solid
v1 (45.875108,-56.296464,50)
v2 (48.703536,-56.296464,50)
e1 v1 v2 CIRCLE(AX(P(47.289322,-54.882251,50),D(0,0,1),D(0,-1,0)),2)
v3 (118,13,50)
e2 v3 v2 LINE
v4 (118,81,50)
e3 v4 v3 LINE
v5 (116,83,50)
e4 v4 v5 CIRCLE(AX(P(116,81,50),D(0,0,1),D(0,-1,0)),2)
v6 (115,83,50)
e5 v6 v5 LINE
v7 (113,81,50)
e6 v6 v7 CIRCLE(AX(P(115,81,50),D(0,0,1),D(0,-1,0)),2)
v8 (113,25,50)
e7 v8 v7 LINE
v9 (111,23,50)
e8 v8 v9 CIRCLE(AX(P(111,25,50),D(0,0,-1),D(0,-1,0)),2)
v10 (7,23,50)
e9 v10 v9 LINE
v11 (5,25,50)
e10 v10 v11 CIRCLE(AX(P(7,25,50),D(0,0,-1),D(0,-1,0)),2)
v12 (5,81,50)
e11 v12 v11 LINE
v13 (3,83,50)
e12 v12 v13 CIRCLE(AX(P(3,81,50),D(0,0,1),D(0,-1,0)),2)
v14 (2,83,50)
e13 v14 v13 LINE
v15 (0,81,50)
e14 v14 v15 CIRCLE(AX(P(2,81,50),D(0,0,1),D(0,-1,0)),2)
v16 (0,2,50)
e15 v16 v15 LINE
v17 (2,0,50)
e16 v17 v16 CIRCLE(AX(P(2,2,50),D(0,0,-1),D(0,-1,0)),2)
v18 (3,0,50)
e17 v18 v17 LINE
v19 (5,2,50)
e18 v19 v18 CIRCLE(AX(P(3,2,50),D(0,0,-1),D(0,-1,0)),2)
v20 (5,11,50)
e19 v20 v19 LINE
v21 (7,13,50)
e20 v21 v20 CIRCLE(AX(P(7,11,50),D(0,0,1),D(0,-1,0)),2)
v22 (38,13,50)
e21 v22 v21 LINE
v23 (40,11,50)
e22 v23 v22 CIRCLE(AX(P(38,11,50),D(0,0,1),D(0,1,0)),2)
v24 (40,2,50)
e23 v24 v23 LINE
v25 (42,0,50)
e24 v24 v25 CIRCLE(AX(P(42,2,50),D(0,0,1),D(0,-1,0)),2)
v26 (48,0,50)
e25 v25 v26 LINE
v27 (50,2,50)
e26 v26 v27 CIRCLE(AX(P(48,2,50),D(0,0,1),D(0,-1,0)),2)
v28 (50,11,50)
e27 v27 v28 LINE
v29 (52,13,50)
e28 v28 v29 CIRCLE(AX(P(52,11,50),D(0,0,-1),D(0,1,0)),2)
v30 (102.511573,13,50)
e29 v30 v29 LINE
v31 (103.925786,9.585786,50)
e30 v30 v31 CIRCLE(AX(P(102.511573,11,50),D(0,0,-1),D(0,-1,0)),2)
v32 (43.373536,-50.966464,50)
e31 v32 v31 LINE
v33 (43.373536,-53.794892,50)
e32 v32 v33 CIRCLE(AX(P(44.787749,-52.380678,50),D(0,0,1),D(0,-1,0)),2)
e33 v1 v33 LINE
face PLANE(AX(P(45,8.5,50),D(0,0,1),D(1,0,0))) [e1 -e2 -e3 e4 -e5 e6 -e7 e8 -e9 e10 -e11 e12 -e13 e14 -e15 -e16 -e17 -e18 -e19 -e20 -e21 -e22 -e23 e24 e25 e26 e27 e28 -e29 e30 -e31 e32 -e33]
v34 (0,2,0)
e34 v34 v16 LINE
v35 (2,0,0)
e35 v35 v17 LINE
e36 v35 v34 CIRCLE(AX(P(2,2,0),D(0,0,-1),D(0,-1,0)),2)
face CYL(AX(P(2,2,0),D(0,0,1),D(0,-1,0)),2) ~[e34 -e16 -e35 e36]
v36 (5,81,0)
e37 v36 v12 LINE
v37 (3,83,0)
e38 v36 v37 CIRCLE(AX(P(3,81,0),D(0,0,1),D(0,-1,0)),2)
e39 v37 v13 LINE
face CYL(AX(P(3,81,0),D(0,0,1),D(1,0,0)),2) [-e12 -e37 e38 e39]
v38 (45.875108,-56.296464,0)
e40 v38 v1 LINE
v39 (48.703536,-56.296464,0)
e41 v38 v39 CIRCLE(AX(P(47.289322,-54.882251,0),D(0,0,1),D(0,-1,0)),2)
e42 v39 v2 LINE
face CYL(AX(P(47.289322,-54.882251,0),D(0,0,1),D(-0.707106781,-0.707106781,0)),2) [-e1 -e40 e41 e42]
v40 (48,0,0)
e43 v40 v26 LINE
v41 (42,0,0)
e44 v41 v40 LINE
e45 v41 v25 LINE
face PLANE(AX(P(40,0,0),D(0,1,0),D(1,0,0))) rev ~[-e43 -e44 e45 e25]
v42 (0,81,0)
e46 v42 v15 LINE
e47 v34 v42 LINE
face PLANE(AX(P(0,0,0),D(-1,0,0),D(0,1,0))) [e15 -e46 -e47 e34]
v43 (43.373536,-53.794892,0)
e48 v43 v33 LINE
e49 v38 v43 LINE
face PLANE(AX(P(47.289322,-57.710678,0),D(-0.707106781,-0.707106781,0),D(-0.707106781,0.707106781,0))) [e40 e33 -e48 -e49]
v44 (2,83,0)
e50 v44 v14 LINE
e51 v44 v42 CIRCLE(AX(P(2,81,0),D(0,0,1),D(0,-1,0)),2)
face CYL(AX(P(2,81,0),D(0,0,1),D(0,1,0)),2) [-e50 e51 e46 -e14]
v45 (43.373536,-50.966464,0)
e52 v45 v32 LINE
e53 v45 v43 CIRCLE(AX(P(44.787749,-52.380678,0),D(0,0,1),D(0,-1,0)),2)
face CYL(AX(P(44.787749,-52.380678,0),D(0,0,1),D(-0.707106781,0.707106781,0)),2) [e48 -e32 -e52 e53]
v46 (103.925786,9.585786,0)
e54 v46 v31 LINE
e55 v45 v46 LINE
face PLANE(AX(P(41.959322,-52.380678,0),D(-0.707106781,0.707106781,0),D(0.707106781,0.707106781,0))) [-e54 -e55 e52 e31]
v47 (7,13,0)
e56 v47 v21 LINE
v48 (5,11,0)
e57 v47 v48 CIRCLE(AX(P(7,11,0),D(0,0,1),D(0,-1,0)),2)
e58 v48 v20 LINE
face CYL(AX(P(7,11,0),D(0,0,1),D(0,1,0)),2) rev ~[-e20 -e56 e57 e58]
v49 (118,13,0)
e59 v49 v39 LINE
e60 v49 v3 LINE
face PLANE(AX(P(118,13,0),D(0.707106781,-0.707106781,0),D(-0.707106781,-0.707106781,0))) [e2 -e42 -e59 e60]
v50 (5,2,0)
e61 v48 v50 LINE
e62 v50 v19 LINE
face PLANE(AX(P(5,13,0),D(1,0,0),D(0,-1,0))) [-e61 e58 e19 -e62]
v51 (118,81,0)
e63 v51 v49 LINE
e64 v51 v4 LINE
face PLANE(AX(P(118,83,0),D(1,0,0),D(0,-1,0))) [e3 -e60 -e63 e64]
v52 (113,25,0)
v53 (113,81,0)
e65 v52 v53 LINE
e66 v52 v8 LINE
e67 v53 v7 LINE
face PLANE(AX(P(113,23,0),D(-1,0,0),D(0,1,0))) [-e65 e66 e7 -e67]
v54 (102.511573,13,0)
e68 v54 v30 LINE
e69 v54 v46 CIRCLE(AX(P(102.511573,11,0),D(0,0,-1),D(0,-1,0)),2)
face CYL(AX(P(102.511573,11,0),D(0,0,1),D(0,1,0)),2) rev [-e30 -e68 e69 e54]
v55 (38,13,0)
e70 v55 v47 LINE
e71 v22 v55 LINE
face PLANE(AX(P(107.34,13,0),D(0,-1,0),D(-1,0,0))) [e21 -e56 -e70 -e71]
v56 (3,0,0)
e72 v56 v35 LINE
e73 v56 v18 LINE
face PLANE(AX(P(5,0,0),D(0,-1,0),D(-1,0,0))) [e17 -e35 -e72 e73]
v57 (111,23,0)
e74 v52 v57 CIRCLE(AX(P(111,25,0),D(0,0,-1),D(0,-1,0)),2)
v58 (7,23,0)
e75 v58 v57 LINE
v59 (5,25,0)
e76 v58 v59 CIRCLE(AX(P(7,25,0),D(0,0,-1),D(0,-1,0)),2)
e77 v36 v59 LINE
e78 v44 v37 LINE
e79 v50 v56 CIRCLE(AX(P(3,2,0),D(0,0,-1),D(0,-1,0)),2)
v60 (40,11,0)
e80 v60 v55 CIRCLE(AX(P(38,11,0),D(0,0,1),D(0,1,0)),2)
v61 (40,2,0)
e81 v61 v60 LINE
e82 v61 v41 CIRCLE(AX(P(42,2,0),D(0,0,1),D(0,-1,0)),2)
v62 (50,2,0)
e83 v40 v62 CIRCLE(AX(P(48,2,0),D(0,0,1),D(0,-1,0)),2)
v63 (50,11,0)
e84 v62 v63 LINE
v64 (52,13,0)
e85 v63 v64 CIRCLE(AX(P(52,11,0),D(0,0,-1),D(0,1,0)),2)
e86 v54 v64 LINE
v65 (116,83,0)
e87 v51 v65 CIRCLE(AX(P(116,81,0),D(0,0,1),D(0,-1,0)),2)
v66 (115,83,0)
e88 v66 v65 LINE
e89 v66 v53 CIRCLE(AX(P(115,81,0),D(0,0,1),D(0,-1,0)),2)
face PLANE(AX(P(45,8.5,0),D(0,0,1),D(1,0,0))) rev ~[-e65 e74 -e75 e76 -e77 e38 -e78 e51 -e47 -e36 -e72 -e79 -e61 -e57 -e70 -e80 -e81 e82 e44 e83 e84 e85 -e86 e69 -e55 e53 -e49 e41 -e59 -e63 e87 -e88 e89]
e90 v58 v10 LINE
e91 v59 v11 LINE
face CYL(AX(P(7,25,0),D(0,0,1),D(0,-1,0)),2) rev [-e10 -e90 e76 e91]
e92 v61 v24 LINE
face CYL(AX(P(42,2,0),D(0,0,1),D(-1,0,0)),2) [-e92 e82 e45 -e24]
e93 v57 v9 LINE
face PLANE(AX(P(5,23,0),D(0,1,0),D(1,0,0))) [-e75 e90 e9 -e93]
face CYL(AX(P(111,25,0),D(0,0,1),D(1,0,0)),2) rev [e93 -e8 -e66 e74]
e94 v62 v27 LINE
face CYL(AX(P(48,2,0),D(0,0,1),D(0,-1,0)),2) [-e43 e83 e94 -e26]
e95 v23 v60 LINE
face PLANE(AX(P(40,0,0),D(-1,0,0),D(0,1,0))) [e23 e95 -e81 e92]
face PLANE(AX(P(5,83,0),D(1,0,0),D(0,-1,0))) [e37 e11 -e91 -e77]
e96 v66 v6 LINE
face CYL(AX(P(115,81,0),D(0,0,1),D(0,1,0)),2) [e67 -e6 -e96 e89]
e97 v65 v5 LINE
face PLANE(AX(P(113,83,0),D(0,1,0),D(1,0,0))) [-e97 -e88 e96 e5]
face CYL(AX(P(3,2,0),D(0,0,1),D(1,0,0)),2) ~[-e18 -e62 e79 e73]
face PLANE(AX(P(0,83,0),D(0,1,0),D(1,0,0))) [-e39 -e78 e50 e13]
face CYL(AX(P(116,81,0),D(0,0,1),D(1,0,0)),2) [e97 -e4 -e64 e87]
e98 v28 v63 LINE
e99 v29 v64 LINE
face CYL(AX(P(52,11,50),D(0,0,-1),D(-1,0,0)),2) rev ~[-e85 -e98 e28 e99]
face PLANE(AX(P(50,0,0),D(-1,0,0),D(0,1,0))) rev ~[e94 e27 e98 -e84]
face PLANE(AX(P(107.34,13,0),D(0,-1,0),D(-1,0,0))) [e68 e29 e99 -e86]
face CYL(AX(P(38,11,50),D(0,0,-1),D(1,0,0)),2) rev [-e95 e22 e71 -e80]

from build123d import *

# Parameters (mm, degrees)
BOX_W     = 10
BOX_H     = 17
BOX_DEPTH = 50
PAD_DEPTH = 50
FILLET_R  = 2


with BuildPart() as cube:
    # Box → Box (new body)
    with BuildSketch(Plane(origin=(40, 0, 0), x_dir=(1, 0, 0), z_dir=(0, 0, 1))):
        with Locations((5, 8.5)):
            Rectangle(BOX_W, BOX_H)
    extrude(amount=BOX_DEPTH)


with BuildPart() as fillet_body:
    # Sketch → Pad (new body)
    with BuildSketch(Plane.XY):
        Polygon((0, 0), (0, 83), (5, 83), (5, 23), (113, 23), (113, 83), (118, 83), (118, 13), (47.289322, -57.710678), (41.959322, -52.380678), (107.34, 13), (5, 13), (5, 0), align=None)
    extrude(amount=PAD_DEPTH)

    # Fusion: union Cube
    add(cube.part)

    # Fillet
    fillet_edges = [fillet_body.edges().sort_by_distance(p)[0] for p in [
        (0, 0, 25),
        (0, 83, 25),
        (5, 0, 25),
        (5, 83, 25),
        (5, 13, 25),
        (5, 23, 25),
        (113, 23, 25),
        (113, 83, 25),
        (118, 83, 25),
        (47.289322, -57.710678, 25),
        (41.959322, -52.380678, 25),
        (107.34, 13, 25),
        (50, 13, 25),
        (40, 13, 25),
        (50, 0, 25),
        (40, 0, 25),
    ]]
    fillet(fillet_edges, radius=FILLET_R)


solid = fillet_body.part
